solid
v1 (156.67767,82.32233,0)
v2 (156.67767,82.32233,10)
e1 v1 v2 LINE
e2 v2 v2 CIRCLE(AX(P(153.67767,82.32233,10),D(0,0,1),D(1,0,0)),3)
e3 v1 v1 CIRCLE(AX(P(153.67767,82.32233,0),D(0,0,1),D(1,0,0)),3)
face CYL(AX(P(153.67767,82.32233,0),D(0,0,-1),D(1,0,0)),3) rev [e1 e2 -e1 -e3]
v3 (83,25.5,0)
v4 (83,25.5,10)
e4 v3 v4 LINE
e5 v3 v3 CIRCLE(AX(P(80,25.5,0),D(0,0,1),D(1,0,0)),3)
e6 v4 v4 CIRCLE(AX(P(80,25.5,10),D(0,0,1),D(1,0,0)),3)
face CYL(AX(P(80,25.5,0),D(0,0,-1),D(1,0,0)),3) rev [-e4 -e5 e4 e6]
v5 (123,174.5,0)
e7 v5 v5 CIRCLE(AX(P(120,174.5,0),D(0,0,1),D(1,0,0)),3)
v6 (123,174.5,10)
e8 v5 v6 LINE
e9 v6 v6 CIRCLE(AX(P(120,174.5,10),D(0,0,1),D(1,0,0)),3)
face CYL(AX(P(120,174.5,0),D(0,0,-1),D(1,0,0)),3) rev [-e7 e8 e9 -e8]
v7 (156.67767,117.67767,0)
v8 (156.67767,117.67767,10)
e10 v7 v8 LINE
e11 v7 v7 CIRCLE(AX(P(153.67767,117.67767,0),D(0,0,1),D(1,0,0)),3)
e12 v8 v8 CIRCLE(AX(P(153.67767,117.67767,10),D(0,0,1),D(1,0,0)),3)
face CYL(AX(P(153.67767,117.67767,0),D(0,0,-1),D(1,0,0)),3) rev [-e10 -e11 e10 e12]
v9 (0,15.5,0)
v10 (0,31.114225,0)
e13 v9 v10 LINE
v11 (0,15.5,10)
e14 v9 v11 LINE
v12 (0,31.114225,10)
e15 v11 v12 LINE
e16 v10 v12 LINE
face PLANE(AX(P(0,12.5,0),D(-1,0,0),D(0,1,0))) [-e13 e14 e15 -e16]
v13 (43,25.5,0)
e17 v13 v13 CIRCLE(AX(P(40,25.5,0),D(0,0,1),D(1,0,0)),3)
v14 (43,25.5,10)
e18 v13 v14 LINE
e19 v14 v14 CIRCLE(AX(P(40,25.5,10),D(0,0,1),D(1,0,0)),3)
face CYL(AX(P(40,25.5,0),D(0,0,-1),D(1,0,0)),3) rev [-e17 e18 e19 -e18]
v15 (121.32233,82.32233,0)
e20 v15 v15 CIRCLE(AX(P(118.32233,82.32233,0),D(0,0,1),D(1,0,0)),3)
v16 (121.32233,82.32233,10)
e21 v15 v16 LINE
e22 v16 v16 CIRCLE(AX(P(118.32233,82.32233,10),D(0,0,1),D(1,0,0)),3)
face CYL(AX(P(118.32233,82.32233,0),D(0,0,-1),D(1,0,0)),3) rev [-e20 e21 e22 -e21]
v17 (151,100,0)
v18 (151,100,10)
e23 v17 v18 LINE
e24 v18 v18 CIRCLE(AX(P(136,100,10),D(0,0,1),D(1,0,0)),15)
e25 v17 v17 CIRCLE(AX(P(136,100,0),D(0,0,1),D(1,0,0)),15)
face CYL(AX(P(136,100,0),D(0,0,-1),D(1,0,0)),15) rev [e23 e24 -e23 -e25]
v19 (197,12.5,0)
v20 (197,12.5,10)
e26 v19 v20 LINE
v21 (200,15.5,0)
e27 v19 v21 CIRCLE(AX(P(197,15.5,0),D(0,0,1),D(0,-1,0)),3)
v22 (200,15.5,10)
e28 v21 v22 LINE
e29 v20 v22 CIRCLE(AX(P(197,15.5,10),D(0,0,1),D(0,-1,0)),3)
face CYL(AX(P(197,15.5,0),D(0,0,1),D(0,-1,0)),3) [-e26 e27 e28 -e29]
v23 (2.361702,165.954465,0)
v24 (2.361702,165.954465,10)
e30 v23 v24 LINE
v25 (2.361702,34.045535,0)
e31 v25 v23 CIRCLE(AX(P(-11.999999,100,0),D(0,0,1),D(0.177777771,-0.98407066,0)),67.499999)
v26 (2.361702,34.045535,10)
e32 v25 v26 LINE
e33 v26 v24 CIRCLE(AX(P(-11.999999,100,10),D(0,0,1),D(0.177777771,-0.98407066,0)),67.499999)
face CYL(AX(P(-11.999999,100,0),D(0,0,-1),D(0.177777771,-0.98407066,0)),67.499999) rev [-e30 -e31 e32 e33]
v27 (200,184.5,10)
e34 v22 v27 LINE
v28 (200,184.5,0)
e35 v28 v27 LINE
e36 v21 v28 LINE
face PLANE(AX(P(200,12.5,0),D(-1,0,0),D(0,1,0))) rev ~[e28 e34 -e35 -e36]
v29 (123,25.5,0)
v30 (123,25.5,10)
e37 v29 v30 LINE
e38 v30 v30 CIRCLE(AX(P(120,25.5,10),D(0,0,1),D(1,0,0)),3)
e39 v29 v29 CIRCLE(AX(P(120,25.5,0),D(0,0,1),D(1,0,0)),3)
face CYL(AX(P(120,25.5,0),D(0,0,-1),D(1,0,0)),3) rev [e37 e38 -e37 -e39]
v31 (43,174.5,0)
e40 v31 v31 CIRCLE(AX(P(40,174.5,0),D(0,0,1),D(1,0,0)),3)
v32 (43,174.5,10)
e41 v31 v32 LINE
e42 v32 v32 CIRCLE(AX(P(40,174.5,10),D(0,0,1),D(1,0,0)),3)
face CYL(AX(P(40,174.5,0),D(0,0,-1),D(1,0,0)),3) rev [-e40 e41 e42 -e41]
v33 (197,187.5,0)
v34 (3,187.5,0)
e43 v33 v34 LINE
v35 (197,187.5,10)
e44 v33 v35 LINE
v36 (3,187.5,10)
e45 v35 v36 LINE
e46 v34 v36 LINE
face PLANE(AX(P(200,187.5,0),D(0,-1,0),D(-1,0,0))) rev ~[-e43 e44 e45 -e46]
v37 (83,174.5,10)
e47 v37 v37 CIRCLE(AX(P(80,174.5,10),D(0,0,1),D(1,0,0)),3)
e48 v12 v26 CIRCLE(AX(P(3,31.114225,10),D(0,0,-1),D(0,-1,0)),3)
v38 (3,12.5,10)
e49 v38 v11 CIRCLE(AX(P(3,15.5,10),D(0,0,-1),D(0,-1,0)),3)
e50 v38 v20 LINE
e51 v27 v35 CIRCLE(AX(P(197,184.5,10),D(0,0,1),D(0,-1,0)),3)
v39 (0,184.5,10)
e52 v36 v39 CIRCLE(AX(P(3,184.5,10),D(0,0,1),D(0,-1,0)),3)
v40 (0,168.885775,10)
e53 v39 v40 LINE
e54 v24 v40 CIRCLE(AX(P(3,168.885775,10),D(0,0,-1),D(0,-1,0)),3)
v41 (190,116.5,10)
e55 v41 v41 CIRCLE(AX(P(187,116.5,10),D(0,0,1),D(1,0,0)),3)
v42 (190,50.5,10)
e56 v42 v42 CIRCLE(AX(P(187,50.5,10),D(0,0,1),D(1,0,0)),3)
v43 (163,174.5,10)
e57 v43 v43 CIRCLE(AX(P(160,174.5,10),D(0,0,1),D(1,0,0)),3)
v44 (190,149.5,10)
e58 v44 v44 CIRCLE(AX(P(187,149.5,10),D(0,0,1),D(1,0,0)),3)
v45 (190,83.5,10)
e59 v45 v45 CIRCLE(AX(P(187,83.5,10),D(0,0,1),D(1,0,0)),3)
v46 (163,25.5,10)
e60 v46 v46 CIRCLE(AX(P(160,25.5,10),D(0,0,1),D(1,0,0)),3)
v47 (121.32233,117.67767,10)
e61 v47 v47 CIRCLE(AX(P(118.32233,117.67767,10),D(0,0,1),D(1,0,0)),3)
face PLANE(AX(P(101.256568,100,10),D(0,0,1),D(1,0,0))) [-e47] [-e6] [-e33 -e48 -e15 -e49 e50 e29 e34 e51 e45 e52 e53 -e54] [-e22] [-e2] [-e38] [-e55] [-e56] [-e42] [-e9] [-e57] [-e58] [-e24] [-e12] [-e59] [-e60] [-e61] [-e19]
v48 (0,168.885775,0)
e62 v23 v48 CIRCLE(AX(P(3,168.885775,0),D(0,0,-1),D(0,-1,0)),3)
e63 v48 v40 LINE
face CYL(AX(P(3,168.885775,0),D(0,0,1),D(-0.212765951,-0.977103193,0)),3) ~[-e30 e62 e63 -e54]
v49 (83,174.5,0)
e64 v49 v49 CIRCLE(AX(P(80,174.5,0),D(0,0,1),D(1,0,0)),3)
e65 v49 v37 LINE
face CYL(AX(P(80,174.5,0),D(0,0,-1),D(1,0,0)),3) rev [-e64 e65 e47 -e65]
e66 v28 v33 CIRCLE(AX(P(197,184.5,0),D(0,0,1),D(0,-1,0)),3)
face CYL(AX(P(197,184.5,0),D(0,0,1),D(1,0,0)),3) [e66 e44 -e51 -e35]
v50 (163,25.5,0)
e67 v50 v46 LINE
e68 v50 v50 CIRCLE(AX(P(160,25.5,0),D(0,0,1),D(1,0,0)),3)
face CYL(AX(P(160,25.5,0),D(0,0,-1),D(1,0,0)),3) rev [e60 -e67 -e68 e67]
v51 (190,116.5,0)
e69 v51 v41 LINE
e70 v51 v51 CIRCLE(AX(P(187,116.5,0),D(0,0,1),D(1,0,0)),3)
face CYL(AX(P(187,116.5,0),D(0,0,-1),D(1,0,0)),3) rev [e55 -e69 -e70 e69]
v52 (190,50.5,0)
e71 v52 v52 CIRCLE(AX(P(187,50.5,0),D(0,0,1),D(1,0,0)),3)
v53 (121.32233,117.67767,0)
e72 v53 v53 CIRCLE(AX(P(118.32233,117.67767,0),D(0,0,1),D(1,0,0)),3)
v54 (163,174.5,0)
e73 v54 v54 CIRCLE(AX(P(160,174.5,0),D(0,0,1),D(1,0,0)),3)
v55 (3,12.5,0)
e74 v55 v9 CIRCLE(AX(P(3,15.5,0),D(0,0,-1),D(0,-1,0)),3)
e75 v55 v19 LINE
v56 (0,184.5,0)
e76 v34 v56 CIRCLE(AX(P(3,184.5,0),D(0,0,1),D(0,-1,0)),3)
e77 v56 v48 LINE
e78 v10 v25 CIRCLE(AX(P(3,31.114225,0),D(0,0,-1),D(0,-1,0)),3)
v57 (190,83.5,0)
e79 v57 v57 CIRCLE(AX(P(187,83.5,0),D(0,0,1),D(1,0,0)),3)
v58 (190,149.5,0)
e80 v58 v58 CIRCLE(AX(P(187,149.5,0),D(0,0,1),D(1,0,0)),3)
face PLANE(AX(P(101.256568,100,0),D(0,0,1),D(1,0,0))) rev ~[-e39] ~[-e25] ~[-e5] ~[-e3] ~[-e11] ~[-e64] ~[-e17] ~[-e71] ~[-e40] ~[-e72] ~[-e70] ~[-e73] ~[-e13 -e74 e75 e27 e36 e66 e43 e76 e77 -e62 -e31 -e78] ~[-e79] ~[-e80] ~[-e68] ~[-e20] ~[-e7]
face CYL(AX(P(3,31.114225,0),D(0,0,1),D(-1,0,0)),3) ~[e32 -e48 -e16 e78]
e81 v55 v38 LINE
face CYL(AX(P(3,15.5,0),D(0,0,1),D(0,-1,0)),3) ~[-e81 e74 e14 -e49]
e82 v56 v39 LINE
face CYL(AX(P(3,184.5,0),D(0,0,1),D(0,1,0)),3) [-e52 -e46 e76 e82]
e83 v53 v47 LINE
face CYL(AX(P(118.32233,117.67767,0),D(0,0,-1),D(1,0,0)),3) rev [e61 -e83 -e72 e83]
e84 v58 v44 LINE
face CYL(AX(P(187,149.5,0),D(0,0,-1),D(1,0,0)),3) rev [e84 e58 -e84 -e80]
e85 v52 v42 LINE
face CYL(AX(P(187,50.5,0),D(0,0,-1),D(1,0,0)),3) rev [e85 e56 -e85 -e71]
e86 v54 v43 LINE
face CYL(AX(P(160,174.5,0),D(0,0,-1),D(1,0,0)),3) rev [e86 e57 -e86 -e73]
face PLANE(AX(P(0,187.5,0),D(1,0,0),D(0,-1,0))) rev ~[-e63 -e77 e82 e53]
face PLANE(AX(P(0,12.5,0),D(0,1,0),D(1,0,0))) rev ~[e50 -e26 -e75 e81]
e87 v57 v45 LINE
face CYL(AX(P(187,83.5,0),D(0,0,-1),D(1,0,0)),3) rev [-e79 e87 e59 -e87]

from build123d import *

# Parameters (mm, degrees)
SKETCH_R   = 15
SKETCH_R_2 = 3
PAD_DEPTH  = 10
FILLET_R   = 3


with BuildPart() as part:
    # Sketch → Pad (new body)
    with BuildSketch(Plane.XY):
        with BuildLine():
            Line((0, 12.5), (200, 12.5))
            Line((200, 12.5), (200, 187.5))
            Line((200, 187.5), (0, 187.5))
            Line((0, 187.5), (0, 166.424769))
            ThreePointArc((0, 33.575231), (55.5, 100), (0, 166.424769))
            Line((0, 12.5), (0, 33.575231))
        make_face()
        with Locations((136, 100)):
            Circle(SKETCH_R, mode=Mode.SUBTRACT)
        with Locations((118.32233, 117.67767)):
            Circle(SKETCH_R_2, mode=Mode.SUBTRACT)
        with Locations((153.67767, 117.67767)):
            Circle(SKETCH_R_2, mode=Mode.SUBTRACT)
        with Locations((118.32233, 82.32233)):
            Circle(SKETCH_R_2, mode=Mode.SUBTRACT)
        with Locations((153.67767, 82.32233)):
            Circle(SKETCH_R_2, mode=Mode.SUBTRACT)
        with Locations((40, 25.5)):
            Circle(SKETCH_R_2, mode=Mode.SUBTRACT)
        with Locations((160, 25.5)):
            Circle(SKETCH_R_2, mode=Mode.SUBTRACT)
        with Locations((80, 25.5)):
            Circle(SKETCH_R_2, mode=Mode.SUBTRACT)
        with Locations((120, 25.5)):
            Circle(SKETCH_R_2, mode=Mode.SUBTRACT)
        with Locations((40, 174.5)):
            Circle(SKETCH_R_2, mode=Mode.SUBTRACT)
        with Locations((80, 174.5)):
            Circle(SKETCH_R_2, mode=Mode.SUBTRACT)
        with Locations((120, 174.5)):
            Circle(SKETCH_R_2, mode=Mode.SUBTRACT)
        with Locations((160, 174.5)):
            Circle(SKETCH_R_2, mode=Mode.SUBTRACT)
        with Locations((187, 149.5)):
            Circle(SKETCH_R_2, mode=Mode.SUBTRACT)
        with Locations((187, 116.5)):
            Circle(SKETCH_R_2, mode=Mode.SUBTRACT)
        with Locations((187, 83.5)):
            Circle(SKETCH_R_2, mode=Mode.SUBTRACT)
        with Locations((187, 50.5)):
            Circle(SKETCH_R_2, mode=Mode.SUBTRACT)
    extrude(amount=PAD_DEPTH)

    # Fillet
    fillet_edges = [part.edges().sort_by_distance(p)[0] for p in [
        (0, 12.5, 5),
        (0, 33.575231, 5),
        (0, 166.424769, 5),
        (0, 187.5, 5),
        (200, 12.5, 5),
        (200, 187.5, 5),
    ]]
    fillet(fillet_edges, radius=FILLET_R)


solid = part.part
